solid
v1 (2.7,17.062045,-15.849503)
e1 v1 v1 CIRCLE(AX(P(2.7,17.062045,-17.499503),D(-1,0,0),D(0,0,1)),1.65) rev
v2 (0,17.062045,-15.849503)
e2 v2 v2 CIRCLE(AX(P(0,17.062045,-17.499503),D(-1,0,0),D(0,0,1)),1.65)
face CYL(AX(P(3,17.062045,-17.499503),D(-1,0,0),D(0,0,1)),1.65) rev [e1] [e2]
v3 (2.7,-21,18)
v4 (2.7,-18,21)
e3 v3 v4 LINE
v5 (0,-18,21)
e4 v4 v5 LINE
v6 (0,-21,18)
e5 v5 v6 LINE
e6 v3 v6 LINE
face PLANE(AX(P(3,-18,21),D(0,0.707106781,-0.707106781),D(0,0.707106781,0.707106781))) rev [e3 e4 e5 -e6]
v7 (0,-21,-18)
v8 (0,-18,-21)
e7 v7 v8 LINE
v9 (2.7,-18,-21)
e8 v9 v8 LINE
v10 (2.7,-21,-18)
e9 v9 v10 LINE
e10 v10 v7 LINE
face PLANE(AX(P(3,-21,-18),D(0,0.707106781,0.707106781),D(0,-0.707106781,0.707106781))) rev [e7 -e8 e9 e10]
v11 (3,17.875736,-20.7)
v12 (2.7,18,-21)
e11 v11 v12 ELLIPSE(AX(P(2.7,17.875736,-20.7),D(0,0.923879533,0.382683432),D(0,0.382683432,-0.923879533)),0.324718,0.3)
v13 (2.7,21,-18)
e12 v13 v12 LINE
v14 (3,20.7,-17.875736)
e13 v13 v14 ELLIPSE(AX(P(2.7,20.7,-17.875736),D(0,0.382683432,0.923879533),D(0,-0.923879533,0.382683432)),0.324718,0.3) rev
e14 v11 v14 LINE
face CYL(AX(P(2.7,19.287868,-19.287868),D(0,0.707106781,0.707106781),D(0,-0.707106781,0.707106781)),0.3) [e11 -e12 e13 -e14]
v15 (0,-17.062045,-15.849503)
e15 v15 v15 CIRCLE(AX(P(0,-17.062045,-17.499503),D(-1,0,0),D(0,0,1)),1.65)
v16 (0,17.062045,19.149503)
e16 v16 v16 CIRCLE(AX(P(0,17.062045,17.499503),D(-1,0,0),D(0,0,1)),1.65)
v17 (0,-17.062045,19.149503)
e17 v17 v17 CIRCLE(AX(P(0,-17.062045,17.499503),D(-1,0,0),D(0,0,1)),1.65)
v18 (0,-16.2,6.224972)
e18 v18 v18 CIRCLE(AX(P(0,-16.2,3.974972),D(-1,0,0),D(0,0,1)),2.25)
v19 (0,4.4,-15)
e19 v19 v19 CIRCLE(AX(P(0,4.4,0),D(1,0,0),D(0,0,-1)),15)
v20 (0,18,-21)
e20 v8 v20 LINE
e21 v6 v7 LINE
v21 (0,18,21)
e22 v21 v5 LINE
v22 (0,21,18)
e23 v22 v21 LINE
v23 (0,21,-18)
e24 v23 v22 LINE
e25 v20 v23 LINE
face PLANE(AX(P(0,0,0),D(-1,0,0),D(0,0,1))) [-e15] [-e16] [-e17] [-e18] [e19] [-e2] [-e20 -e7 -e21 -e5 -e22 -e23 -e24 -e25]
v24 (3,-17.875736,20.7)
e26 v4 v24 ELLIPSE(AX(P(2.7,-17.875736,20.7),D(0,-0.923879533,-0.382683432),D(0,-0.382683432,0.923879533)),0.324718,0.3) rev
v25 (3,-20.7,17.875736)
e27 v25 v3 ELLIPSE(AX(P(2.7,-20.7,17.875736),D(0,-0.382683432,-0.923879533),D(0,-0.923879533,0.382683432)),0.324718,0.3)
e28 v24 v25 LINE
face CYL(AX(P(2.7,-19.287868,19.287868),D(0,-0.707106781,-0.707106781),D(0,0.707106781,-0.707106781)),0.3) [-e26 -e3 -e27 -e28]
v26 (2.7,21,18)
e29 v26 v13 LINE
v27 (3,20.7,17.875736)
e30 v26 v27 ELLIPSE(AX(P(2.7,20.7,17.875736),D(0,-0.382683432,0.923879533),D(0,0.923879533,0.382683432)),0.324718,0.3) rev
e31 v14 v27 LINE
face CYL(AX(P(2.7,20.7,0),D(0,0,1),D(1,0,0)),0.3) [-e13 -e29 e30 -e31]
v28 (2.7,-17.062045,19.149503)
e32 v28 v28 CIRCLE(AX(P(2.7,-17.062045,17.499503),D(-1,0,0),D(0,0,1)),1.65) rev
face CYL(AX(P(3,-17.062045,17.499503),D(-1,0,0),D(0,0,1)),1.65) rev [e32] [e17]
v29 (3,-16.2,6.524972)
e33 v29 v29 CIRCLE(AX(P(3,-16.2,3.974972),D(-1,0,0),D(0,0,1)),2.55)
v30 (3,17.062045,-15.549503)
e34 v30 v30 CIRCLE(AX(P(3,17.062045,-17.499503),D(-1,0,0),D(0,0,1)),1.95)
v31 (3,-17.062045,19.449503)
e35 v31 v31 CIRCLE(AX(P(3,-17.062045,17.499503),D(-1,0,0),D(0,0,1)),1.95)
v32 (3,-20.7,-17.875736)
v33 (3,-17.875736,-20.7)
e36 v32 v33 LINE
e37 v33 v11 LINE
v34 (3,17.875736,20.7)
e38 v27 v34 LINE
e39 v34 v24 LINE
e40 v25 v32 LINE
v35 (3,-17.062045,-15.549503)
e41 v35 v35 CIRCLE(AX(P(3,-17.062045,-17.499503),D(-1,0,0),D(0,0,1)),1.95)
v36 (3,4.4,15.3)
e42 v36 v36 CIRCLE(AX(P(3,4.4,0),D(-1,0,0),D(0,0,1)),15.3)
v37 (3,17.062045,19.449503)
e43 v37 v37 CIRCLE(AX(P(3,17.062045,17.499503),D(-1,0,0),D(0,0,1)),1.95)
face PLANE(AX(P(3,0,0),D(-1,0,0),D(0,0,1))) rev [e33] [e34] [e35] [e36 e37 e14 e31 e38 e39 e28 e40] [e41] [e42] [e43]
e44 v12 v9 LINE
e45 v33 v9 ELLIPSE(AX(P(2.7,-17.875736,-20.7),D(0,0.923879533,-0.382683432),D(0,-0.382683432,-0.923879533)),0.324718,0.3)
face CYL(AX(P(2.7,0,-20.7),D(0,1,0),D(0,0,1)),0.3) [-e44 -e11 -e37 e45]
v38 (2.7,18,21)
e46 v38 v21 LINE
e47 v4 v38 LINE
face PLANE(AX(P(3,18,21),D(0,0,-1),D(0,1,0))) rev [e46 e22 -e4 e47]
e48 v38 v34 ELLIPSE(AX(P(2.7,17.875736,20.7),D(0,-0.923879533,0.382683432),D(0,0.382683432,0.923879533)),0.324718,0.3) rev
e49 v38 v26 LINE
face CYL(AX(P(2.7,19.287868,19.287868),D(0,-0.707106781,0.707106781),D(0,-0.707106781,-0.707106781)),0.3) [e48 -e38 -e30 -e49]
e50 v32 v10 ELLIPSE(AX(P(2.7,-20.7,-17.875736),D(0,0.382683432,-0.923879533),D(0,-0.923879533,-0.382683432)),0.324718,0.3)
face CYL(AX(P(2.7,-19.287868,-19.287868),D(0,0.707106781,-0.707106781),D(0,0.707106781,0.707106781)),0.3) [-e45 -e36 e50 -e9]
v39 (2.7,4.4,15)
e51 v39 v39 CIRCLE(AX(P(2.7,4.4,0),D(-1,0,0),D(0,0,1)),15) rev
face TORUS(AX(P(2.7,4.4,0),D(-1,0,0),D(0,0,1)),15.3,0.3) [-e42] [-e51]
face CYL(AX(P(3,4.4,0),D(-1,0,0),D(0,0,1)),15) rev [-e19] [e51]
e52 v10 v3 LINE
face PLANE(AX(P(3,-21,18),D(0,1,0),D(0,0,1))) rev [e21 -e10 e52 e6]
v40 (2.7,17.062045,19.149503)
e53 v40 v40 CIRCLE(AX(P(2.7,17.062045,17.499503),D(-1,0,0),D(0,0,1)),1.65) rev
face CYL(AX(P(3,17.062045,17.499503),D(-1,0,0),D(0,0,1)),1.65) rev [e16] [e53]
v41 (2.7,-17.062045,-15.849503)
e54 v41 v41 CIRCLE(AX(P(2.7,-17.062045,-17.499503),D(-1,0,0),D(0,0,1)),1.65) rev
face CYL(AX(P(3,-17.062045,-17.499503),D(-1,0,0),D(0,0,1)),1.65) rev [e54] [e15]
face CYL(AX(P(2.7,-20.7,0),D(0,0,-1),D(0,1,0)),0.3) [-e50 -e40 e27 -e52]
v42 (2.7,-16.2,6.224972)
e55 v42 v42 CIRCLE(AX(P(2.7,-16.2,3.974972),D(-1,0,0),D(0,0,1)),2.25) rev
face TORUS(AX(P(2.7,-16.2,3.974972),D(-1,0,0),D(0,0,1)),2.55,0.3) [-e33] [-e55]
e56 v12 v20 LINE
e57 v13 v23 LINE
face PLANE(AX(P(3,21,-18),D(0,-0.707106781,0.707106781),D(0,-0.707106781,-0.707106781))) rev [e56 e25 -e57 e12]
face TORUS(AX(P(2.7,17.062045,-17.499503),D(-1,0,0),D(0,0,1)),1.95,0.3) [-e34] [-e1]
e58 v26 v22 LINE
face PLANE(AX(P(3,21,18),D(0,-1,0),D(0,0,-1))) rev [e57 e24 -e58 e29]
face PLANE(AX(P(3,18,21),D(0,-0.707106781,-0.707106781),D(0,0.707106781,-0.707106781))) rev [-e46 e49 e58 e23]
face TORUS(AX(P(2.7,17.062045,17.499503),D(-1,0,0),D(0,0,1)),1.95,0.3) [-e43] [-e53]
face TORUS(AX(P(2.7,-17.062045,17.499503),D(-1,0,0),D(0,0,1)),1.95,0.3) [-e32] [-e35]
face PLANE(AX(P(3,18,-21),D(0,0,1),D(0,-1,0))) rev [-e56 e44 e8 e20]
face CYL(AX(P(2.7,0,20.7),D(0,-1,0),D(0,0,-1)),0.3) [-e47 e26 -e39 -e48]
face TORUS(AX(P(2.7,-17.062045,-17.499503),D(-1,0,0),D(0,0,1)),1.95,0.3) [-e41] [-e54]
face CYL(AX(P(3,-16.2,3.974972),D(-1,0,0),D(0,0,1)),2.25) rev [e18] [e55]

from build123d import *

# Parameters (mm, degrees)
SKETCH1_R               = 15
BOSS_EXTRUDE1_DEPTH     = 3
CUT_EXTRUDE1_DEPTH      = 30.849623113
CUT_EXTRUDE1_DEPTH_BACK = 30.849623113
SKETCH2_R               = 1.65
SKETCH4_R               = 2.25
CUT_EXTRUDE2_DEPTH      = 30.849623113
FILLET1_R               = 0.3


with BuildPart() as part:
    # Sketch1 → Boss-Extrude1 (new body)
    with BuildSketch(Plane(origin=(0, 0, 0), x_dir=(0, 0, -1), z_dir=(1, 0, 0))):
        Polygon((-21, 18), (-18, 21), (18, 21), (21, 18), (21, -18), (18, -21), (-18, -21), (-21, -18), align=None)
        with Locations((0, 4.4)):
            Circle(SKETCH1_R, mode=Mode.SUBTRACT)
    extrude(amount=BOSS_EXTRUDE1_DEPTH)

    # Sketch2 → Cut-Extrude1 (cut, two sides: drawn at the far end of the back side and taken through both)
    with BuildSketch(Plane.ZY.offset(-CUT_EXTRUDE1_DEPTH_BACK)):
        with Locations((-17.499503476, 17.062044783)):
            Circle(SKETCH2_R)
        with Locations((-17.499503476, -17.062044783)):
            Circle(SKETCH2_R)
        with Locations((17.499503476, -17.062044783)):
            Circle(SKETCH2_R)
        with Locations((17.499503476, 17.062044783)):
            Circle(SKETCH2_R)
    extrude(amount=CUT_EXTRUDE1_DEPTH + CUT_EXTRUDE1_DEPTH_BACK, mode=Mode.SUBTRACT)

    # Sketch4 → Cut-Extrude2 (cut, through all)
    with BuildSketch(Plane.ZY):
        with Locations((3.974971526, -16.2)):
            Circle(SKETCH4_R)
    extrude(amount=-CUT_EXTRUDE2_DEPTH, mode=Mode.SUBTRACT)

    # Fillet1
    fillet1_edges = [part.edges().sort_by_distance(p)[0] for p in [
        (3, 0, 21),
        (3, -19.5, 19.5),
        (3, -21, 0),
        (3, 4.4, 15),
        (3, -19.5, -19.5),
        (3, 0, -21),
        (3, 19.5, -19.5),
        (3, -17.062044783, 15.849503476),
        (3, 17.062044783, -19.149503476),
        (3, 17.062044783, 15.849503476),
        (3, -17.062044783, -19.149503476),
        (3, 21, 0),
        (3, -16.2, 1.724971526),
        (3, 19.5, 19.5),
    ]]
    fillet(fillet1_edges, radius=FILLET1_R)


solid = part.part
